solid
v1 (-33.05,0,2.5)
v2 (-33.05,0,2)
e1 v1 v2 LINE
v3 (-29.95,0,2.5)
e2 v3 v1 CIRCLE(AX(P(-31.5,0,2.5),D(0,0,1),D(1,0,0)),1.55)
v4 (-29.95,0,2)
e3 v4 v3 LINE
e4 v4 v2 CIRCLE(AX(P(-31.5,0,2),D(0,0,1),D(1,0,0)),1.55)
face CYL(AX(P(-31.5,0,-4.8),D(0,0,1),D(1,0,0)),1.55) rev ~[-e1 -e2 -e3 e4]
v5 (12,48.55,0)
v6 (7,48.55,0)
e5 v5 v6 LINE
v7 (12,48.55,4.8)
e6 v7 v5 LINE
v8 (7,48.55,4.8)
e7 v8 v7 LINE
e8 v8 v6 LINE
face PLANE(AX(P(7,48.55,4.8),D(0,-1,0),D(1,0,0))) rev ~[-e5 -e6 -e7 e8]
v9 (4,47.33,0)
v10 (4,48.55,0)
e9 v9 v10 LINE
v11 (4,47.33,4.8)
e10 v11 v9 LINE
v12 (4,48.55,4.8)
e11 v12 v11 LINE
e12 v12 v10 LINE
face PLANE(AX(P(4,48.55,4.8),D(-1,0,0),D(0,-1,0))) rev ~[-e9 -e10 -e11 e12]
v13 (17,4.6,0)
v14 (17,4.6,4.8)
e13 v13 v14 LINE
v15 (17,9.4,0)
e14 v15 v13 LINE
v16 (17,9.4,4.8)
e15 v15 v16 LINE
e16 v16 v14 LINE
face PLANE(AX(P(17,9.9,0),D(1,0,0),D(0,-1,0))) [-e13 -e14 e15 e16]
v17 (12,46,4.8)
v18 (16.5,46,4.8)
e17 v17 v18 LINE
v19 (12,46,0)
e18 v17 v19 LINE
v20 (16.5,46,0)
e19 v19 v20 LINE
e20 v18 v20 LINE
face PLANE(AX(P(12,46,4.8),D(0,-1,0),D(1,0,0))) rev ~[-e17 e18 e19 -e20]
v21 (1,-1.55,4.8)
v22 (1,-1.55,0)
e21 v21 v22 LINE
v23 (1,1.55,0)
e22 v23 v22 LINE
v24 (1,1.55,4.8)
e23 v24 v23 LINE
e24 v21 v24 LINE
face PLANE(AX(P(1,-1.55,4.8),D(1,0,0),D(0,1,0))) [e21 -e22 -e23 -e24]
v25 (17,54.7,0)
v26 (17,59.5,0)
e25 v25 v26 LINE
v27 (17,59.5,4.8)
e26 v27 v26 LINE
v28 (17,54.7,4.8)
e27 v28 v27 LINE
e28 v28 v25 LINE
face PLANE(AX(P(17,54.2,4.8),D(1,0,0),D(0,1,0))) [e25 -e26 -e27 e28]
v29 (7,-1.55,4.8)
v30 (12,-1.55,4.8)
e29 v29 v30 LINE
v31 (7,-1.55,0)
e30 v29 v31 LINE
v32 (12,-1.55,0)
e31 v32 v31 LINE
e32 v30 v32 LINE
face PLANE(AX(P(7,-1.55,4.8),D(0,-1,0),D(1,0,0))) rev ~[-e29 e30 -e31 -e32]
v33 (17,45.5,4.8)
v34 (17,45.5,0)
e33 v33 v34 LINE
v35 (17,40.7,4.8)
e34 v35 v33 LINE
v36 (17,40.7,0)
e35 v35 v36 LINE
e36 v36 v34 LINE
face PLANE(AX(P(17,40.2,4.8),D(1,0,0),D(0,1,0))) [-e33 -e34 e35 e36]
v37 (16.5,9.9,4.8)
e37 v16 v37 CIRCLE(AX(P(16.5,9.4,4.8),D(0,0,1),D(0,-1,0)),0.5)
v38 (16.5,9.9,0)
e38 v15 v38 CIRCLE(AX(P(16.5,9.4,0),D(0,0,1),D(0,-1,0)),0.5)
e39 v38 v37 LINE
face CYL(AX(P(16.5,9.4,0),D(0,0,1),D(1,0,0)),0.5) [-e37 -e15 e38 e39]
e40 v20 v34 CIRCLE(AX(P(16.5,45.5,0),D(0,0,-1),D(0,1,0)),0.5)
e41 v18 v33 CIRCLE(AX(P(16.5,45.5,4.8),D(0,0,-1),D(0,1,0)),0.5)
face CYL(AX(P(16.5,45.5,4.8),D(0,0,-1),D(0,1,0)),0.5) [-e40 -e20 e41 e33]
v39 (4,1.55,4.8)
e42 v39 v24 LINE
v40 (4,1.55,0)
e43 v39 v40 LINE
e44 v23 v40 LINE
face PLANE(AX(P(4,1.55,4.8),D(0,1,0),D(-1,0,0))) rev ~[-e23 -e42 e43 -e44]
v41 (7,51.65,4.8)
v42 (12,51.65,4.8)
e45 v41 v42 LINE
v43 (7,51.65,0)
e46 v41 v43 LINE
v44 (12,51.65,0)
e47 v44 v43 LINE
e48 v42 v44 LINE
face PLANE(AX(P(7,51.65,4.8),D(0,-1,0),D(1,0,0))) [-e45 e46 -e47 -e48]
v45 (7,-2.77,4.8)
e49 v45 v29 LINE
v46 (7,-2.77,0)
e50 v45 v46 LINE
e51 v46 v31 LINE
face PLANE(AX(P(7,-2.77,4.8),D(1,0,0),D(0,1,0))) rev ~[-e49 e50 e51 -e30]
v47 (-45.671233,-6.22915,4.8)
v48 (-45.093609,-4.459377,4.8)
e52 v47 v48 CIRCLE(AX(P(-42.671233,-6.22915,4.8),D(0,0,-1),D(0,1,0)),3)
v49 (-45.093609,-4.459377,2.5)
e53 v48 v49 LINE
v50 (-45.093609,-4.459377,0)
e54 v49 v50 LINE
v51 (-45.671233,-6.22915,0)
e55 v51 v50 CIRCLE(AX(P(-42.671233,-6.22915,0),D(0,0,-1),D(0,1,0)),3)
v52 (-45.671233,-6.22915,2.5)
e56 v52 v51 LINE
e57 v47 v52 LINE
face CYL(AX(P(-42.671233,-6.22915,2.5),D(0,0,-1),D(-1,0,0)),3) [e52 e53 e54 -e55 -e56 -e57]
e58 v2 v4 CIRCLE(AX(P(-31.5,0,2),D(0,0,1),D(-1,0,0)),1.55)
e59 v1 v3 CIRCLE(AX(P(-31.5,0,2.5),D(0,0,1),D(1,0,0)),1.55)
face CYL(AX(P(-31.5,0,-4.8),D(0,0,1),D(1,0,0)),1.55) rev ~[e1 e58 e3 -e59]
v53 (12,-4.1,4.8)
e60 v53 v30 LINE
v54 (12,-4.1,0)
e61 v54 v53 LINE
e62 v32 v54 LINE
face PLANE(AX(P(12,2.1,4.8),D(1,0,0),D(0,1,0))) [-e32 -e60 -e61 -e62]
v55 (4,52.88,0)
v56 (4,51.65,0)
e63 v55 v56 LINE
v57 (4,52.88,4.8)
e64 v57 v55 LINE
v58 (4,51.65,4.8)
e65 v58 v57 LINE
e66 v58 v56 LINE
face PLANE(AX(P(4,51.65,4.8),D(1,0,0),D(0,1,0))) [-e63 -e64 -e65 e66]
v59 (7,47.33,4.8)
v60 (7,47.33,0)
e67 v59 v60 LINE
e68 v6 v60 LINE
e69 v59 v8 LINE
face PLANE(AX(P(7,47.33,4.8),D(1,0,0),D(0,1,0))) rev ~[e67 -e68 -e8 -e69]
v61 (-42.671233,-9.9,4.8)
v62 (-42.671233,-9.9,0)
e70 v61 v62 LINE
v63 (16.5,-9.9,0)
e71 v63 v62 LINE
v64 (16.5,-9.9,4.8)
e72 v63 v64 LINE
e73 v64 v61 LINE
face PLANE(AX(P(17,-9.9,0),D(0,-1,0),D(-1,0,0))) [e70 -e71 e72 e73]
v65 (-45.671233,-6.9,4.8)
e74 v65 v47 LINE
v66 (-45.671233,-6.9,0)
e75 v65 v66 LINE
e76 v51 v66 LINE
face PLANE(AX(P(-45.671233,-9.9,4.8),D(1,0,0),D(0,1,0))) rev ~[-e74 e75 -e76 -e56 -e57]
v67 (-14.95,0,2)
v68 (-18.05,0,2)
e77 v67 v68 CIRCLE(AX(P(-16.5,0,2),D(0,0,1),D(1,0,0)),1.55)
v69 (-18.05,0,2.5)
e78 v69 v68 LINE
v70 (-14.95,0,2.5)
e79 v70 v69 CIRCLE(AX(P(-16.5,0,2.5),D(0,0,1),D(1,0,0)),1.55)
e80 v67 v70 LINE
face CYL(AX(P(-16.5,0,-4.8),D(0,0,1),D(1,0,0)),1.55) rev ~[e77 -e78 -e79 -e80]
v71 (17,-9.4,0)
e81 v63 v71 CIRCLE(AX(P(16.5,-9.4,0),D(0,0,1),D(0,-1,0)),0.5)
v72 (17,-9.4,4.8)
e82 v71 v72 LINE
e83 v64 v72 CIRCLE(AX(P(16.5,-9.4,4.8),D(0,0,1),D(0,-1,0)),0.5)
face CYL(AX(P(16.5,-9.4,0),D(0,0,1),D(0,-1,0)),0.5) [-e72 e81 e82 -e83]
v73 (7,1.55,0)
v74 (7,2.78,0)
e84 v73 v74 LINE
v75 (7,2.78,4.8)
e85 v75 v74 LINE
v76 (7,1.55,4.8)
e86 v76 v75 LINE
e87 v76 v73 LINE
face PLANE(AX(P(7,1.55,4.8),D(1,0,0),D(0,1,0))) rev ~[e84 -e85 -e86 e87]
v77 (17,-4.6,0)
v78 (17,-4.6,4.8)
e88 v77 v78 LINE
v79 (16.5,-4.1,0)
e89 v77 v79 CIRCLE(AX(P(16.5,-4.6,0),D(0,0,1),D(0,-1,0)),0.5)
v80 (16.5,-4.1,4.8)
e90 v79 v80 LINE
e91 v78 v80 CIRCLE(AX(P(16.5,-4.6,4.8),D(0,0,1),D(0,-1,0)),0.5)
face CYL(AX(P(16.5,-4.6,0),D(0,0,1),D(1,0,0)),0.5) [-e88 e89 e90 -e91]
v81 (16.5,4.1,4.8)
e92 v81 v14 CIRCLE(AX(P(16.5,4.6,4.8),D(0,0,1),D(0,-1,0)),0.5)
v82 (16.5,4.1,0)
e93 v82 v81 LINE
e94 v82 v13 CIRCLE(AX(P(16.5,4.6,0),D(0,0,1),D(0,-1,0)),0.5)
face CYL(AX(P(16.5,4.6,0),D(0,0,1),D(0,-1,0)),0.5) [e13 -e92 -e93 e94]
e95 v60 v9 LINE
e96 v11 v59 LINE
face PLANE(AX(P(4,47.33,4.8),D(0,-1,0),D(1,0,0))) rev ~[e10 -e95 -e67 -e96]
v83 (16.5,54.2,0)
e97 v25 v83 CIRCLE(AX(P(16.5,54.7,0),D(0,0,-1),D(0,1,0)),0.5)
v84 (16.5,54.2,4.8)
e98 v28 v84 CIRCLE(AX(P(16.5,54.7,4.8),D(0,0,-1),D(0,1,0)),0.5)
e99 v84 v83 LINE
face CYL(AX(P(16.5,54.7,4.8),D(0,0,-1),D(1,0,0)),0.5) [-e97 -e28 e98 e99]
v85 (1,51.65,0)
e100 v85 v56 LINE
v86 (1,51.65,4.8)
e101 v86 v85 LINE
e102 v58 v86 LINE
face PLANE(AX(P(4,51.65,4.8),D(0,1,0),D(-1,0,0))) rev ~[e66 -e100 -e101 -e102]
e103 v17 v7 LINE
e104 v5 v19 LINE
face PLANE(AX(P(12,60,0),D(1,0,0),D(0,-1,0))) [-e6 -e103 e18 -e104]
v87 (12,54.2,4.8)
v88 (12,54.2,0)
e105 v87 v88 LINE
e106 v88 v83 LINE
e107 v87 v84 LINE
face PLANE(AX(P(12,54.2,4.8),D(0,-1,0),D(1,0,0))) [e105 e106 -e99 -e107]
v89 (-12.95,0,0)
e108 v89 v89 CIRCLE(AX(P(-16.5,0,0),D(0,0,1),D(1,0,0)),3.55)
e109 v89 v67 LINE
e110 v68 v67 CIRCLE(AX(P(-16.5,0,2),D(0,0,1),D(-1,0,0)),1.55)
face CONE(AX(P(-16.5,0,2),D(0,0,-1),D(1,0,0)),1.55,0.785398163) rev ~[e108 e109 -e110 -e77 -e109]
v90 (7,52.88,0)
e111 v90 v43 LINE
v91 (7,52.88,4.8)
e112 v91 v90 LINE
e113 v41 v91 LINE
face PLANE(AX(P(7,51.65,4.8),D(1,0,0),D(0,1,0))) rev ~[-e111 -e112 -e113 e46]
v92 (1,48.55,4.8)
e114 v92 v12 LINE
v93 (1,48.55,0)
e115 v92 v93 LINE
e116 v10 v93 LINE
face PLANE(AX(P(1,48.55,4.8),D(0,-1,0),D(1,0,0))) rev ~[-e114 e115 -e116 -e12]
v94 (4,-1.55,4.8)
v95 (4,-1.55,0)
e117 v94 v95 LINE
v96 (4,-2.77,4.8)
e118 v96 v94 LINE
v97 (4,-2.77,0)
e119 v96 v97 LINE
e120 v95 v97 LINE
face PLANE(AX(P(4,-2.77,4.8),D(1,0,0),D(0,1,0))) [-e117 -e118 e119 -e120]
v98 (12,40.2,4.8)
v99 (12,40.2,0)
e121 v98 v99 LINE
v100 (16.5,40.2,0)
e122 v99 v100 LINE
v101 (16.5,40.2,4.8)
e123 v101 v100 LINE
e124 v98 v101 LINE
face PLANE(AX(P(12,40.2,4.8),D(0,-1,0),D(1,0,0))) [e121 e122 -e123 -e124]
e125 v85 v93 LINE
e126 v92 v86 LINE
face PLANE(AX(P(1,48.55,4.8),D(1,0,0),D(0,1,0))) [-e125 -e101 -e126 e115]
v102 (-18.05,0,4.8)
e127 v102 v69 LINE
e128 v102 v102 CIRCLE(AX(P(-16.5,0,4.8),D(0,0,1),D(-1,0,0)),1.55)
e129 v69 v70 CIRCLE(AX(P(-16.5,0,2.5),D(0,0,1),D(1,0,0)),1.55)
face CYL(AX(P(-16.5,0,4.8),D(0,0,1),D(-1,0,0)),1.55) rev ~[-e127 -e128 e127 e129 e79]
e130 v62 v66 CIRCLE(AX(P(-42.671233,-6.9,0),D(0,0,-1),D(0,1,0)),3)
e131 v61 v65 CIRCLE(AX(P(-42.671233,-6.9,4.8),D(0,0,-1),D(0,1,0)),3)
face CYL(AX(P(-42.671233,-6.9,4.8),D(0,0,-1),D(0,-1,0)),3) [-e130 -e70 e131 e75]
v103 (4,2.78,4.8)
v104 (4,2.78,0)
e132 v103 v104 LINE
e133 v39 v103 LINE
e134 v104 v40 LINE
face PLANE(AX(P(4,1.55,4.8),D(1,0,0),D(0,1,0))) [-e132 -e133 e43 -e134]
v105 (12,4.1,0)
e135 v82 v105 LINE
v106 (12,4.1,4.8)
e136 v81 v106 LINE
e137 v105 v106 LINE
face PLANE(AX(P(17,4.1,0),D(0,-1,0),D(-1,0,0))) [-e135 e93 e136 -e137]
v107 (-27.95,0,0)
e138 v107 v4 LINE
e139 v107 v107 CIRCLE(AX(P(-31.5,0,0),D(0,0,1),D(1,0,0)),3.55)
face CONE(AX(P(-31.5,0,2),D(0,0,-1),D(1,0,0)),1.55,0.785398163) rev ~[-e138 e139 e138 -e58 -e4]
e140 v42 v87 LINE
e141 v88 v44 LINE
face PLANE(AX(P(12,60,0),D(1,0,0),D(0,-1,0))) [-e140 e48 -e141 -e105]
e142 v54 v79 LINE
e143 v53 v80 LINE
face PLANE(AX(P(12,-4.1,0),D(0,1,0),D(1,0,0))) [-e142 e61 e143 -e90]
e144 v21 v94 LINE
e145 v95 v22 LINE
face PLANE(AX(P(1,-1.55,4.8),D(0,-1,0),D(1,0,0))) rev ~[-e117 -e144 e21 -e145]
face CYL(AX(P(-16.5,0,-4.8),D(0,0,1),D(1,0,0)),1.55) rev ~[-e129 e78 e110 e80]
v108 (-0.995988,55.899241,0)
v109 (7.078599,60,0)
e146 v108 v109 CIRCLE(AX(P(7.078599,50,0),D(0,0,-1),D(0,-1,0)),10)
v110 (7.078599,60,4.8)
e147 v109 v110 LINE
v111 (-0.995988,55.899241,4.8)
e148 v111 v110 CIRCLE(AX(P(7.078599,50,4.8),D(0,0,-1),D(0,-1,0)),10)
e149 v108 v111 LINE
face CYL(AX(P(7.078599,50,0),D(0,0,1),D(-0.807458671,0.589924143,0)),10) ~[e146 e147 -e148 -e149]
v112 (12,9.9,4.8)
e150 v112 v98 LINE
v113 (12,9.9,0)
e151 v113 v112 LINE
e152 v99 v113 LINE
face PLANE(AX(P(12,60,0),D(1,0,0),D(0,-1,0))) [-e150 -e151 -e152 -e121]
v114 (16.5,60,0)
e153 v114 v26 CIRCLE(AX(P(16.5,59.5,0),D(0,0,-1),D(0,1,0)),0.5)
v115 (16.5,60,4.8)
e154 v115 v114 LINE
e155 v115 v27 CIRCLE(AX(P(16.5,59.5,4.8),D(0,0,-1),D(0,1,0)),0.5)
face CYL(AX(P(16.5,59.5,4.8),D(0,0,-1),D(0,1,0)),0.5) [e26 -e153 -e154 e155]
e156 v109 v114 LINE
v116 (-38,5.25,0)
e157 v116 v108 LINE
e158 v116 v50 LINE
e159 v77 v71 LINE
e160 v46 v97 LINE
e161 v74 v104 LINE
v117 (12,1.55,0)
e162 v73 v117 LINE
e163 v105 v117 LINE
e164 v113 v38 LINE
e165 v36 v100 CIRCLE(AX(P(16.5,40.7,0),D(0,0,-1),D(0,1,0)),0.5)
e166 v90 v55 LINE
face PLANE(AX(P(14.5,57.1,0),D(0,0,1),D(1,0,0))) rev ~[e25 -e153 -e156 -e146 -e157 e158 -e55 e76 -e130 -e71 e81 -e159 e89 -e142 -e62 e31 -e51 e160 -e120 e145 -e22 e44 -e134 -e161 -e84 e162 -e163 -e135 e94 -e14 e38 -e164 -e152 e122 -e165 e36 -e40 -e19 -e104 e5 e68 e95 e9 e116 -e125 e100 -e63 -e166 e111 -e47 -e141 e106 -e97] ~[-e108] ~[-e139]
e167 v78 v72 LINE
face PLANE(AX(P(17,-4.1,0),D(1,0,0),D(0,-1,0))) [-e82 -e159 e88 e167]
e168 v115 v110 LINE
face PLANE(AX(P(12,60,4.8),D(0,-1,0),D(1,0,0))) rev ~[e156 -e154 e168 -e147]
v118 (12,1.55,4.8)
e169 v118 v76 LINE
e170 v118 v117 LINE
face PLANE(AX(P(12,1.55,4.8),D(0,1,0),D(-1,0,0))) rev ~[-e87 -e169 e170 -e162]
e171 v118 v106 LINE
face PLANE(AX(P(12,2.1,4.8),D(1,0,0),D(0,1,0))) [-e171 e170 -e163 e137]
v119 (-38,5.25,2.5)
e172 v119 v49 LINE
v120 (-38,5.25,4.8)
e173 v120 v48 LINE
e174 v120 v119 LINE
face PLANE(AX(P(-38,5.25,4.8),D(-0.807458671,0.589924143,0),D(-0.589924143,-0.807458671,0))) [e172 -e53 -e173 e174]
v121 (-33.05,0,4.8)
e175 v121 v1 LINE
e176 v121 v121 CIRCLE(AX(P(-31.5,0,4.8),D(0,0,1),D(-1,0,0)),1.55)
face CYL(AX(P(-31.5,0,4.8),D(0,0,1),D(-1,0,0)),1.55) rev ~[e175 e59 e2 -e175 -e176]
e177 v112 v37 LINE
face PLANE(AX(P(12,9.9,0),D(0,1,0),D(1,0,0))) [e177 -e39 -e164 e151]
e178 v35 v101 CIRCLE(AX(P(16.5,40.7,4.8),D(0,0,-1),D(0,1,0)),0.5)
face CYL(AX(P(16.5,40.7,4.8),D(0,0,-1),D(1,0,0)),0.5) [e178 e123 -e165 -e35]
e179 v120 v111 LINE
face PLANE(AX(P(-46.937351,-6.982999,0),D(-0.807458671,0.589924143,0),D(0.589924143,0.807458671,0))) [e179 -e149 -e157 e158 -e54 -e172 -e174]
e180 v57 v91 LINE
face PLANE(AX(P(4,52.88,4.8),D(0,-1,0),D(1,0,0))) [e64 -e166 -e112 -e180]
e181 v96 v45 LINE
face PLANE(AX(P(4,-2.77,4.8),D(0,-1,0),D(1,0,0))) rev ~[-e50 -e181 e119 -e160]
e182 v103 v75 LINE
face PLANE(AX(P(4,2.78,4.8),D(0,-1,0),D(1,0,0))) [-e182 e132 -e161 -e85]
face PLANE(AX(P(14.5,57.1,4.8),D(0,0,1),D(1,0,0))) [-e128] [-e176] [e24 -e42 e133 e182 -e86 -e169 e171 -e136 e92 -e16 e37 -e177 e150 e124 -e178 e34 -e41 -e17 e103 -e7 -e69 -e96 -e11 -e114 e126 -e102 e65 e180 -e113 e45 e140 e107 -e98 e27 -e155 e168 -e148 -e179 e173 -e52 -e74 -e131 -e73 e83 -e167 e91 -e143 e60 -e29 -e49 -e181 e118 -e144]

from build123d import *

# Parameters (mm, degrees)
BOSS_EXTRU_1_DEPTH                  = 4.8
ENL_V_MAT_EXTRU_1_DEPTH             = 2.3
D_POUILLE1_ANGLE                    = -36.151625355
DIAM_TRE_DU_PER_AGE_3_1_3_1_1_D     = 3.1
DIAM_TRE_DU_PER_AGE_3_1_3_1_1_DEPTH = 4.8
CONG_1_R                            = 10
ESQUISSE5_R                         = 1.55
BOSS_EXTRU_2_DEPTH                  = 4.8
ENL_V_MAT_EXTRU_2_DEPTH             = 78.657948853
ESQUISSE6_W                         = 3
ESQUISSE6_H                         = 3.1
ESQUISSE6_H_2                       = 1.22
ESQUISSE6_W_2                       = 5
ESQUISSE6_H_3                       = 1.23
ENL_V_MAT_EXTRU_3_DEPTH             = 76.557273061
ESQUISSE7_W                         = 5
ESQUISSE7_H                         = 5.8
BOSS_EXTRU_3_DEPTH                  = 4.8
CONG_2_R                            = 3
CONG_3_R                            = 0.5
CHANFREIN1_SIZE                     = 2


with BuildPart() as part:
    # Esquisse1 → Boss.-Extru.1 (new body)
    with BuildSketch(Plane(origin=(0, 0, 0), x_dir=(-1, 0, 0), z_dir=(0, 0, -1))):
        with BuildLine():
            Line((38, -9.9), (38, 60))
            Line((38, 60), (-12, 60))
            Line((-12, 60), (-12, 11.9))
            ThreePointArc((-12, 11.9), (-11, 10.9), (-12, 9.9))
            Line((-12, 9.9), (-17, 9.9))
            Line((-17, 9.9), (-17, 4.1))
            Line((-17, 4.1), (-12, 4.1))
            ThreePointArc((-12, 4.1), (-11, 3.1), (-12, 2.1))
            Line((-12, 2.1), (-12, -2.1))
            ThreePointArc((-12, -2.1), (-11, -3.1), (-12, -4.1))
            Line((-12, -4.1), (-17, -4.1))
            Line((-17, -4.1), (-17, -9.9))
            Line((-17, -9.9), (38, -9.9))
        make_face()
    extrude(amount=-BOSS_EXTRU_1_DEPTH)

    # Esquisse2 → Enl_v. mat.-Extru.1 (cut)
    with BuildSketch(Plane.XY.offset(4.8)):
        with BuildLine():
            Line((-38, -5.25), (7, -5.25))
            ThreePointArc((7, -5.25), (8, -4.25), (7, -3.25))
            Line((7, -3.25), (7, 3.25))
            ThreePointArc((7, 3.25), (8, 4.25), (7, 5.25))
            Line((7, 5.25), (-38, 5.25))
            Line((-38, 5.25), (-38, -5.25))
        make_face()
    extrude(amount=-ENL_V_MAT_EXTRU_1_DEPTH, mode=Mode.SUBTRACT)

    # D_pouille1
    d_pouille1_faces = [part.faces().sort_by_distance(p)[0] for p in [
        (-38, 26.992889488, 2.303049427),
    ]]
    draft(d_pouille1_faces, Plane(origin=(7, 5.25, 2.5), x_dir=(-1, 0, 0), z_dir=(0, -1, 0)), D_POUILLE1_ANGLE)

    # Diam_tre du per_age _3.1 _3.1_1
    with Locations(Plane(origin=(0, 0, 0), x_dir=(-1, 0, 0), z_dir=(0, 0, -1))):
        with Locations((16.5, 0), (31.5, 0)):
            Hole(DIAM_TRE_DU_PER_AGE_3_1_3_1_1_D / 2, depth=DIAM_TRE_DU_PER_AGE_3_1_3_1_1_DEPTH)

    # Cong_1
    cong_1_edges = [part.edges().sort_by_distance(p)[0] for p in [
        (2, 60, 2.4),
    ]]
    fillet(cong_1_edges, radius=CONG_1_R)

    # Esquisse5 → Boss.-Extru.2 (add)
    with BuildSketch(Plane.XY.offset(4.8)):
        with BuildLine():
            Line((-38, 5.25), (-45.671232877, -5.25))
            Line((-45.671232877, -5.25), (7, -5.25))
            ThreePointArc((7, -5.25), (8, -4.25), (7, -3.25))
            Line((7, -3.25), (7, 3.25))
            ThreePointArc((7, 3.25), (8, 4.25), (7, 5.25))
            Line((7, 5.25), (-38, 5.25))
        make_face()
        with Locations(Location((-31.5, 0, 0), (0, 0, 180))):
            Circle(ESQUISSE5_R, mode=Mode.SUBTRACT)
        with Locations(Location((-16.5, 0, 0), (0, 0, 180))):
            Circle(ESQUISSE5_R, mode=Mode.SUBTRACT)
        with BuildLine():
            ThreePointArc((12, -2.1), (11, -3.1), (12, -4.1))
            Line((12, -4.1), (12, -2.1))
        make_face()
        with BuildLine():
            ThreePointArc((12, 4.1), (11, 3.1), (12, 2.1))
            Line((12, 2.1), (12, 4.1))
        make_face()
        with BuildLine():
            Line((12, 9.9), (12, 11.9))
            ThreePointArc((12, 11.9), (11, 10.9), (12, 9.9))
        make_face()
    extrude(amount=-BOSS_EXTRU_2_DEPTH)

    # Esquisse5_4 → Enl_v. mat.-Extru.2 (cut, through all)
    with BuildSketch(Plane.XY.offset(4.8)):
        Polygon((-45.671232877, -9.9), (-45.671232877, -5.25), (-49.068493151, -9.9), align=None)
    extrude(amount=-ENL_V_MAT_EXTRU_2_DEPTH, mode=Mode.SUBTRACT)

    # Esquisse6 → Enl_v. mat.-Extru.3 (cut, through all)
    with BuildSketch(Plane.XY.offset(4.8)):
        with Locations((2.5, 0)):
            Rectangle(ESQUISSE6_W, ESQUISSE6_H)
        with Locations((5.5, 0)):
            Rectangle(ESQUISSE6_W, ESQUISSE6_H)
        with Locations((5.5, -2.16)):
            Rectangle(ESQUISSE6_W, ESQUISSE6_H_2)
        with Locations((9.5, 0)):
            Rectangle(ESQUISSE6_W_2, ESQUISSE6_H)
        with Locations((5.5, 2.165)):
            Rectangle(ESQUISSE6_W, ESQUISSE6_H_3)
        with Locations((5.5, 47.94)):
            Rectangle(ESQUISSE6_W, ESQUISSE6_H_2)
        with Locations((5.5, 50.1)):
            Rectangle(ESQUISSE6_W, ESQUISSE6_H)
        with Locations((2.5, 50.1)):
            Rectangle(ESQUISSE6_W, ESQUISSE6_H)
        with Locations((5.5, 52.265)):
            Rectangle(ESQUISSE6_W, ESQUISSE6_H_3)
        with Locations((9.5, 50.1)):
            Rectangle(ESQUISSE6_W_2, ESQUISSE6_H)
    extrude(amount=-ENL_V_MAT_EXTRU_3_DEPTH, mode=Mode.SUBTRACT)

    # Esquisse7 → Boss.-Extru.3 (add)
    with BuildSketch(Plane.XY.offset(4.8)):
        with Locations((14.5, 57.1)):
            Rectangle(ESQUISSE7_W, ESQUISSE7_H)
        with Locations((14.5, 43.1)):
            Rectangle(ESQUISSE7_W, ESQUISSE7_H)
    extrude(amount=-BOSS_EXTRU_3_DEPTH)

    # Cong_2
    cong_2_edges = [part.edges().sort_by_distance(p)[0] for p in [
        (-45.671232877, -5.25, 2.4),
        (-45.671232877, -9.9, 2.4),
    ]]
    fillet(cong_2_edges, radius=CONG_2_R)

    # Cong_3
    cong_3_edges = [part.edges().sort_by_distance(p)[0] for p in [
        (17, -9.9, 2.4),
        (17, -4.1, 2.4),
        (17, 4.1, 2.4),
        (17, 9.9, 2.4),
        (17, 46, 2.4),
        (17, 40.2, 2.4),
        (17, 60, 2.4),
        (17, 54.2, 2.4),
    ]]
    fillet(cong_3_edges, radius=CONG_3_R)

    # Chanfrein1
    chanfrein1_edges = [part.edges().sort_by_distance(p)[0] for p in [
        (-31.5, 1.55, 0),
        (-16.5, 1.55, 0),
    ]]
    chamfer(chanfrein1_edges, length=CHANFREIN1_SIZE)


solid = part.part
